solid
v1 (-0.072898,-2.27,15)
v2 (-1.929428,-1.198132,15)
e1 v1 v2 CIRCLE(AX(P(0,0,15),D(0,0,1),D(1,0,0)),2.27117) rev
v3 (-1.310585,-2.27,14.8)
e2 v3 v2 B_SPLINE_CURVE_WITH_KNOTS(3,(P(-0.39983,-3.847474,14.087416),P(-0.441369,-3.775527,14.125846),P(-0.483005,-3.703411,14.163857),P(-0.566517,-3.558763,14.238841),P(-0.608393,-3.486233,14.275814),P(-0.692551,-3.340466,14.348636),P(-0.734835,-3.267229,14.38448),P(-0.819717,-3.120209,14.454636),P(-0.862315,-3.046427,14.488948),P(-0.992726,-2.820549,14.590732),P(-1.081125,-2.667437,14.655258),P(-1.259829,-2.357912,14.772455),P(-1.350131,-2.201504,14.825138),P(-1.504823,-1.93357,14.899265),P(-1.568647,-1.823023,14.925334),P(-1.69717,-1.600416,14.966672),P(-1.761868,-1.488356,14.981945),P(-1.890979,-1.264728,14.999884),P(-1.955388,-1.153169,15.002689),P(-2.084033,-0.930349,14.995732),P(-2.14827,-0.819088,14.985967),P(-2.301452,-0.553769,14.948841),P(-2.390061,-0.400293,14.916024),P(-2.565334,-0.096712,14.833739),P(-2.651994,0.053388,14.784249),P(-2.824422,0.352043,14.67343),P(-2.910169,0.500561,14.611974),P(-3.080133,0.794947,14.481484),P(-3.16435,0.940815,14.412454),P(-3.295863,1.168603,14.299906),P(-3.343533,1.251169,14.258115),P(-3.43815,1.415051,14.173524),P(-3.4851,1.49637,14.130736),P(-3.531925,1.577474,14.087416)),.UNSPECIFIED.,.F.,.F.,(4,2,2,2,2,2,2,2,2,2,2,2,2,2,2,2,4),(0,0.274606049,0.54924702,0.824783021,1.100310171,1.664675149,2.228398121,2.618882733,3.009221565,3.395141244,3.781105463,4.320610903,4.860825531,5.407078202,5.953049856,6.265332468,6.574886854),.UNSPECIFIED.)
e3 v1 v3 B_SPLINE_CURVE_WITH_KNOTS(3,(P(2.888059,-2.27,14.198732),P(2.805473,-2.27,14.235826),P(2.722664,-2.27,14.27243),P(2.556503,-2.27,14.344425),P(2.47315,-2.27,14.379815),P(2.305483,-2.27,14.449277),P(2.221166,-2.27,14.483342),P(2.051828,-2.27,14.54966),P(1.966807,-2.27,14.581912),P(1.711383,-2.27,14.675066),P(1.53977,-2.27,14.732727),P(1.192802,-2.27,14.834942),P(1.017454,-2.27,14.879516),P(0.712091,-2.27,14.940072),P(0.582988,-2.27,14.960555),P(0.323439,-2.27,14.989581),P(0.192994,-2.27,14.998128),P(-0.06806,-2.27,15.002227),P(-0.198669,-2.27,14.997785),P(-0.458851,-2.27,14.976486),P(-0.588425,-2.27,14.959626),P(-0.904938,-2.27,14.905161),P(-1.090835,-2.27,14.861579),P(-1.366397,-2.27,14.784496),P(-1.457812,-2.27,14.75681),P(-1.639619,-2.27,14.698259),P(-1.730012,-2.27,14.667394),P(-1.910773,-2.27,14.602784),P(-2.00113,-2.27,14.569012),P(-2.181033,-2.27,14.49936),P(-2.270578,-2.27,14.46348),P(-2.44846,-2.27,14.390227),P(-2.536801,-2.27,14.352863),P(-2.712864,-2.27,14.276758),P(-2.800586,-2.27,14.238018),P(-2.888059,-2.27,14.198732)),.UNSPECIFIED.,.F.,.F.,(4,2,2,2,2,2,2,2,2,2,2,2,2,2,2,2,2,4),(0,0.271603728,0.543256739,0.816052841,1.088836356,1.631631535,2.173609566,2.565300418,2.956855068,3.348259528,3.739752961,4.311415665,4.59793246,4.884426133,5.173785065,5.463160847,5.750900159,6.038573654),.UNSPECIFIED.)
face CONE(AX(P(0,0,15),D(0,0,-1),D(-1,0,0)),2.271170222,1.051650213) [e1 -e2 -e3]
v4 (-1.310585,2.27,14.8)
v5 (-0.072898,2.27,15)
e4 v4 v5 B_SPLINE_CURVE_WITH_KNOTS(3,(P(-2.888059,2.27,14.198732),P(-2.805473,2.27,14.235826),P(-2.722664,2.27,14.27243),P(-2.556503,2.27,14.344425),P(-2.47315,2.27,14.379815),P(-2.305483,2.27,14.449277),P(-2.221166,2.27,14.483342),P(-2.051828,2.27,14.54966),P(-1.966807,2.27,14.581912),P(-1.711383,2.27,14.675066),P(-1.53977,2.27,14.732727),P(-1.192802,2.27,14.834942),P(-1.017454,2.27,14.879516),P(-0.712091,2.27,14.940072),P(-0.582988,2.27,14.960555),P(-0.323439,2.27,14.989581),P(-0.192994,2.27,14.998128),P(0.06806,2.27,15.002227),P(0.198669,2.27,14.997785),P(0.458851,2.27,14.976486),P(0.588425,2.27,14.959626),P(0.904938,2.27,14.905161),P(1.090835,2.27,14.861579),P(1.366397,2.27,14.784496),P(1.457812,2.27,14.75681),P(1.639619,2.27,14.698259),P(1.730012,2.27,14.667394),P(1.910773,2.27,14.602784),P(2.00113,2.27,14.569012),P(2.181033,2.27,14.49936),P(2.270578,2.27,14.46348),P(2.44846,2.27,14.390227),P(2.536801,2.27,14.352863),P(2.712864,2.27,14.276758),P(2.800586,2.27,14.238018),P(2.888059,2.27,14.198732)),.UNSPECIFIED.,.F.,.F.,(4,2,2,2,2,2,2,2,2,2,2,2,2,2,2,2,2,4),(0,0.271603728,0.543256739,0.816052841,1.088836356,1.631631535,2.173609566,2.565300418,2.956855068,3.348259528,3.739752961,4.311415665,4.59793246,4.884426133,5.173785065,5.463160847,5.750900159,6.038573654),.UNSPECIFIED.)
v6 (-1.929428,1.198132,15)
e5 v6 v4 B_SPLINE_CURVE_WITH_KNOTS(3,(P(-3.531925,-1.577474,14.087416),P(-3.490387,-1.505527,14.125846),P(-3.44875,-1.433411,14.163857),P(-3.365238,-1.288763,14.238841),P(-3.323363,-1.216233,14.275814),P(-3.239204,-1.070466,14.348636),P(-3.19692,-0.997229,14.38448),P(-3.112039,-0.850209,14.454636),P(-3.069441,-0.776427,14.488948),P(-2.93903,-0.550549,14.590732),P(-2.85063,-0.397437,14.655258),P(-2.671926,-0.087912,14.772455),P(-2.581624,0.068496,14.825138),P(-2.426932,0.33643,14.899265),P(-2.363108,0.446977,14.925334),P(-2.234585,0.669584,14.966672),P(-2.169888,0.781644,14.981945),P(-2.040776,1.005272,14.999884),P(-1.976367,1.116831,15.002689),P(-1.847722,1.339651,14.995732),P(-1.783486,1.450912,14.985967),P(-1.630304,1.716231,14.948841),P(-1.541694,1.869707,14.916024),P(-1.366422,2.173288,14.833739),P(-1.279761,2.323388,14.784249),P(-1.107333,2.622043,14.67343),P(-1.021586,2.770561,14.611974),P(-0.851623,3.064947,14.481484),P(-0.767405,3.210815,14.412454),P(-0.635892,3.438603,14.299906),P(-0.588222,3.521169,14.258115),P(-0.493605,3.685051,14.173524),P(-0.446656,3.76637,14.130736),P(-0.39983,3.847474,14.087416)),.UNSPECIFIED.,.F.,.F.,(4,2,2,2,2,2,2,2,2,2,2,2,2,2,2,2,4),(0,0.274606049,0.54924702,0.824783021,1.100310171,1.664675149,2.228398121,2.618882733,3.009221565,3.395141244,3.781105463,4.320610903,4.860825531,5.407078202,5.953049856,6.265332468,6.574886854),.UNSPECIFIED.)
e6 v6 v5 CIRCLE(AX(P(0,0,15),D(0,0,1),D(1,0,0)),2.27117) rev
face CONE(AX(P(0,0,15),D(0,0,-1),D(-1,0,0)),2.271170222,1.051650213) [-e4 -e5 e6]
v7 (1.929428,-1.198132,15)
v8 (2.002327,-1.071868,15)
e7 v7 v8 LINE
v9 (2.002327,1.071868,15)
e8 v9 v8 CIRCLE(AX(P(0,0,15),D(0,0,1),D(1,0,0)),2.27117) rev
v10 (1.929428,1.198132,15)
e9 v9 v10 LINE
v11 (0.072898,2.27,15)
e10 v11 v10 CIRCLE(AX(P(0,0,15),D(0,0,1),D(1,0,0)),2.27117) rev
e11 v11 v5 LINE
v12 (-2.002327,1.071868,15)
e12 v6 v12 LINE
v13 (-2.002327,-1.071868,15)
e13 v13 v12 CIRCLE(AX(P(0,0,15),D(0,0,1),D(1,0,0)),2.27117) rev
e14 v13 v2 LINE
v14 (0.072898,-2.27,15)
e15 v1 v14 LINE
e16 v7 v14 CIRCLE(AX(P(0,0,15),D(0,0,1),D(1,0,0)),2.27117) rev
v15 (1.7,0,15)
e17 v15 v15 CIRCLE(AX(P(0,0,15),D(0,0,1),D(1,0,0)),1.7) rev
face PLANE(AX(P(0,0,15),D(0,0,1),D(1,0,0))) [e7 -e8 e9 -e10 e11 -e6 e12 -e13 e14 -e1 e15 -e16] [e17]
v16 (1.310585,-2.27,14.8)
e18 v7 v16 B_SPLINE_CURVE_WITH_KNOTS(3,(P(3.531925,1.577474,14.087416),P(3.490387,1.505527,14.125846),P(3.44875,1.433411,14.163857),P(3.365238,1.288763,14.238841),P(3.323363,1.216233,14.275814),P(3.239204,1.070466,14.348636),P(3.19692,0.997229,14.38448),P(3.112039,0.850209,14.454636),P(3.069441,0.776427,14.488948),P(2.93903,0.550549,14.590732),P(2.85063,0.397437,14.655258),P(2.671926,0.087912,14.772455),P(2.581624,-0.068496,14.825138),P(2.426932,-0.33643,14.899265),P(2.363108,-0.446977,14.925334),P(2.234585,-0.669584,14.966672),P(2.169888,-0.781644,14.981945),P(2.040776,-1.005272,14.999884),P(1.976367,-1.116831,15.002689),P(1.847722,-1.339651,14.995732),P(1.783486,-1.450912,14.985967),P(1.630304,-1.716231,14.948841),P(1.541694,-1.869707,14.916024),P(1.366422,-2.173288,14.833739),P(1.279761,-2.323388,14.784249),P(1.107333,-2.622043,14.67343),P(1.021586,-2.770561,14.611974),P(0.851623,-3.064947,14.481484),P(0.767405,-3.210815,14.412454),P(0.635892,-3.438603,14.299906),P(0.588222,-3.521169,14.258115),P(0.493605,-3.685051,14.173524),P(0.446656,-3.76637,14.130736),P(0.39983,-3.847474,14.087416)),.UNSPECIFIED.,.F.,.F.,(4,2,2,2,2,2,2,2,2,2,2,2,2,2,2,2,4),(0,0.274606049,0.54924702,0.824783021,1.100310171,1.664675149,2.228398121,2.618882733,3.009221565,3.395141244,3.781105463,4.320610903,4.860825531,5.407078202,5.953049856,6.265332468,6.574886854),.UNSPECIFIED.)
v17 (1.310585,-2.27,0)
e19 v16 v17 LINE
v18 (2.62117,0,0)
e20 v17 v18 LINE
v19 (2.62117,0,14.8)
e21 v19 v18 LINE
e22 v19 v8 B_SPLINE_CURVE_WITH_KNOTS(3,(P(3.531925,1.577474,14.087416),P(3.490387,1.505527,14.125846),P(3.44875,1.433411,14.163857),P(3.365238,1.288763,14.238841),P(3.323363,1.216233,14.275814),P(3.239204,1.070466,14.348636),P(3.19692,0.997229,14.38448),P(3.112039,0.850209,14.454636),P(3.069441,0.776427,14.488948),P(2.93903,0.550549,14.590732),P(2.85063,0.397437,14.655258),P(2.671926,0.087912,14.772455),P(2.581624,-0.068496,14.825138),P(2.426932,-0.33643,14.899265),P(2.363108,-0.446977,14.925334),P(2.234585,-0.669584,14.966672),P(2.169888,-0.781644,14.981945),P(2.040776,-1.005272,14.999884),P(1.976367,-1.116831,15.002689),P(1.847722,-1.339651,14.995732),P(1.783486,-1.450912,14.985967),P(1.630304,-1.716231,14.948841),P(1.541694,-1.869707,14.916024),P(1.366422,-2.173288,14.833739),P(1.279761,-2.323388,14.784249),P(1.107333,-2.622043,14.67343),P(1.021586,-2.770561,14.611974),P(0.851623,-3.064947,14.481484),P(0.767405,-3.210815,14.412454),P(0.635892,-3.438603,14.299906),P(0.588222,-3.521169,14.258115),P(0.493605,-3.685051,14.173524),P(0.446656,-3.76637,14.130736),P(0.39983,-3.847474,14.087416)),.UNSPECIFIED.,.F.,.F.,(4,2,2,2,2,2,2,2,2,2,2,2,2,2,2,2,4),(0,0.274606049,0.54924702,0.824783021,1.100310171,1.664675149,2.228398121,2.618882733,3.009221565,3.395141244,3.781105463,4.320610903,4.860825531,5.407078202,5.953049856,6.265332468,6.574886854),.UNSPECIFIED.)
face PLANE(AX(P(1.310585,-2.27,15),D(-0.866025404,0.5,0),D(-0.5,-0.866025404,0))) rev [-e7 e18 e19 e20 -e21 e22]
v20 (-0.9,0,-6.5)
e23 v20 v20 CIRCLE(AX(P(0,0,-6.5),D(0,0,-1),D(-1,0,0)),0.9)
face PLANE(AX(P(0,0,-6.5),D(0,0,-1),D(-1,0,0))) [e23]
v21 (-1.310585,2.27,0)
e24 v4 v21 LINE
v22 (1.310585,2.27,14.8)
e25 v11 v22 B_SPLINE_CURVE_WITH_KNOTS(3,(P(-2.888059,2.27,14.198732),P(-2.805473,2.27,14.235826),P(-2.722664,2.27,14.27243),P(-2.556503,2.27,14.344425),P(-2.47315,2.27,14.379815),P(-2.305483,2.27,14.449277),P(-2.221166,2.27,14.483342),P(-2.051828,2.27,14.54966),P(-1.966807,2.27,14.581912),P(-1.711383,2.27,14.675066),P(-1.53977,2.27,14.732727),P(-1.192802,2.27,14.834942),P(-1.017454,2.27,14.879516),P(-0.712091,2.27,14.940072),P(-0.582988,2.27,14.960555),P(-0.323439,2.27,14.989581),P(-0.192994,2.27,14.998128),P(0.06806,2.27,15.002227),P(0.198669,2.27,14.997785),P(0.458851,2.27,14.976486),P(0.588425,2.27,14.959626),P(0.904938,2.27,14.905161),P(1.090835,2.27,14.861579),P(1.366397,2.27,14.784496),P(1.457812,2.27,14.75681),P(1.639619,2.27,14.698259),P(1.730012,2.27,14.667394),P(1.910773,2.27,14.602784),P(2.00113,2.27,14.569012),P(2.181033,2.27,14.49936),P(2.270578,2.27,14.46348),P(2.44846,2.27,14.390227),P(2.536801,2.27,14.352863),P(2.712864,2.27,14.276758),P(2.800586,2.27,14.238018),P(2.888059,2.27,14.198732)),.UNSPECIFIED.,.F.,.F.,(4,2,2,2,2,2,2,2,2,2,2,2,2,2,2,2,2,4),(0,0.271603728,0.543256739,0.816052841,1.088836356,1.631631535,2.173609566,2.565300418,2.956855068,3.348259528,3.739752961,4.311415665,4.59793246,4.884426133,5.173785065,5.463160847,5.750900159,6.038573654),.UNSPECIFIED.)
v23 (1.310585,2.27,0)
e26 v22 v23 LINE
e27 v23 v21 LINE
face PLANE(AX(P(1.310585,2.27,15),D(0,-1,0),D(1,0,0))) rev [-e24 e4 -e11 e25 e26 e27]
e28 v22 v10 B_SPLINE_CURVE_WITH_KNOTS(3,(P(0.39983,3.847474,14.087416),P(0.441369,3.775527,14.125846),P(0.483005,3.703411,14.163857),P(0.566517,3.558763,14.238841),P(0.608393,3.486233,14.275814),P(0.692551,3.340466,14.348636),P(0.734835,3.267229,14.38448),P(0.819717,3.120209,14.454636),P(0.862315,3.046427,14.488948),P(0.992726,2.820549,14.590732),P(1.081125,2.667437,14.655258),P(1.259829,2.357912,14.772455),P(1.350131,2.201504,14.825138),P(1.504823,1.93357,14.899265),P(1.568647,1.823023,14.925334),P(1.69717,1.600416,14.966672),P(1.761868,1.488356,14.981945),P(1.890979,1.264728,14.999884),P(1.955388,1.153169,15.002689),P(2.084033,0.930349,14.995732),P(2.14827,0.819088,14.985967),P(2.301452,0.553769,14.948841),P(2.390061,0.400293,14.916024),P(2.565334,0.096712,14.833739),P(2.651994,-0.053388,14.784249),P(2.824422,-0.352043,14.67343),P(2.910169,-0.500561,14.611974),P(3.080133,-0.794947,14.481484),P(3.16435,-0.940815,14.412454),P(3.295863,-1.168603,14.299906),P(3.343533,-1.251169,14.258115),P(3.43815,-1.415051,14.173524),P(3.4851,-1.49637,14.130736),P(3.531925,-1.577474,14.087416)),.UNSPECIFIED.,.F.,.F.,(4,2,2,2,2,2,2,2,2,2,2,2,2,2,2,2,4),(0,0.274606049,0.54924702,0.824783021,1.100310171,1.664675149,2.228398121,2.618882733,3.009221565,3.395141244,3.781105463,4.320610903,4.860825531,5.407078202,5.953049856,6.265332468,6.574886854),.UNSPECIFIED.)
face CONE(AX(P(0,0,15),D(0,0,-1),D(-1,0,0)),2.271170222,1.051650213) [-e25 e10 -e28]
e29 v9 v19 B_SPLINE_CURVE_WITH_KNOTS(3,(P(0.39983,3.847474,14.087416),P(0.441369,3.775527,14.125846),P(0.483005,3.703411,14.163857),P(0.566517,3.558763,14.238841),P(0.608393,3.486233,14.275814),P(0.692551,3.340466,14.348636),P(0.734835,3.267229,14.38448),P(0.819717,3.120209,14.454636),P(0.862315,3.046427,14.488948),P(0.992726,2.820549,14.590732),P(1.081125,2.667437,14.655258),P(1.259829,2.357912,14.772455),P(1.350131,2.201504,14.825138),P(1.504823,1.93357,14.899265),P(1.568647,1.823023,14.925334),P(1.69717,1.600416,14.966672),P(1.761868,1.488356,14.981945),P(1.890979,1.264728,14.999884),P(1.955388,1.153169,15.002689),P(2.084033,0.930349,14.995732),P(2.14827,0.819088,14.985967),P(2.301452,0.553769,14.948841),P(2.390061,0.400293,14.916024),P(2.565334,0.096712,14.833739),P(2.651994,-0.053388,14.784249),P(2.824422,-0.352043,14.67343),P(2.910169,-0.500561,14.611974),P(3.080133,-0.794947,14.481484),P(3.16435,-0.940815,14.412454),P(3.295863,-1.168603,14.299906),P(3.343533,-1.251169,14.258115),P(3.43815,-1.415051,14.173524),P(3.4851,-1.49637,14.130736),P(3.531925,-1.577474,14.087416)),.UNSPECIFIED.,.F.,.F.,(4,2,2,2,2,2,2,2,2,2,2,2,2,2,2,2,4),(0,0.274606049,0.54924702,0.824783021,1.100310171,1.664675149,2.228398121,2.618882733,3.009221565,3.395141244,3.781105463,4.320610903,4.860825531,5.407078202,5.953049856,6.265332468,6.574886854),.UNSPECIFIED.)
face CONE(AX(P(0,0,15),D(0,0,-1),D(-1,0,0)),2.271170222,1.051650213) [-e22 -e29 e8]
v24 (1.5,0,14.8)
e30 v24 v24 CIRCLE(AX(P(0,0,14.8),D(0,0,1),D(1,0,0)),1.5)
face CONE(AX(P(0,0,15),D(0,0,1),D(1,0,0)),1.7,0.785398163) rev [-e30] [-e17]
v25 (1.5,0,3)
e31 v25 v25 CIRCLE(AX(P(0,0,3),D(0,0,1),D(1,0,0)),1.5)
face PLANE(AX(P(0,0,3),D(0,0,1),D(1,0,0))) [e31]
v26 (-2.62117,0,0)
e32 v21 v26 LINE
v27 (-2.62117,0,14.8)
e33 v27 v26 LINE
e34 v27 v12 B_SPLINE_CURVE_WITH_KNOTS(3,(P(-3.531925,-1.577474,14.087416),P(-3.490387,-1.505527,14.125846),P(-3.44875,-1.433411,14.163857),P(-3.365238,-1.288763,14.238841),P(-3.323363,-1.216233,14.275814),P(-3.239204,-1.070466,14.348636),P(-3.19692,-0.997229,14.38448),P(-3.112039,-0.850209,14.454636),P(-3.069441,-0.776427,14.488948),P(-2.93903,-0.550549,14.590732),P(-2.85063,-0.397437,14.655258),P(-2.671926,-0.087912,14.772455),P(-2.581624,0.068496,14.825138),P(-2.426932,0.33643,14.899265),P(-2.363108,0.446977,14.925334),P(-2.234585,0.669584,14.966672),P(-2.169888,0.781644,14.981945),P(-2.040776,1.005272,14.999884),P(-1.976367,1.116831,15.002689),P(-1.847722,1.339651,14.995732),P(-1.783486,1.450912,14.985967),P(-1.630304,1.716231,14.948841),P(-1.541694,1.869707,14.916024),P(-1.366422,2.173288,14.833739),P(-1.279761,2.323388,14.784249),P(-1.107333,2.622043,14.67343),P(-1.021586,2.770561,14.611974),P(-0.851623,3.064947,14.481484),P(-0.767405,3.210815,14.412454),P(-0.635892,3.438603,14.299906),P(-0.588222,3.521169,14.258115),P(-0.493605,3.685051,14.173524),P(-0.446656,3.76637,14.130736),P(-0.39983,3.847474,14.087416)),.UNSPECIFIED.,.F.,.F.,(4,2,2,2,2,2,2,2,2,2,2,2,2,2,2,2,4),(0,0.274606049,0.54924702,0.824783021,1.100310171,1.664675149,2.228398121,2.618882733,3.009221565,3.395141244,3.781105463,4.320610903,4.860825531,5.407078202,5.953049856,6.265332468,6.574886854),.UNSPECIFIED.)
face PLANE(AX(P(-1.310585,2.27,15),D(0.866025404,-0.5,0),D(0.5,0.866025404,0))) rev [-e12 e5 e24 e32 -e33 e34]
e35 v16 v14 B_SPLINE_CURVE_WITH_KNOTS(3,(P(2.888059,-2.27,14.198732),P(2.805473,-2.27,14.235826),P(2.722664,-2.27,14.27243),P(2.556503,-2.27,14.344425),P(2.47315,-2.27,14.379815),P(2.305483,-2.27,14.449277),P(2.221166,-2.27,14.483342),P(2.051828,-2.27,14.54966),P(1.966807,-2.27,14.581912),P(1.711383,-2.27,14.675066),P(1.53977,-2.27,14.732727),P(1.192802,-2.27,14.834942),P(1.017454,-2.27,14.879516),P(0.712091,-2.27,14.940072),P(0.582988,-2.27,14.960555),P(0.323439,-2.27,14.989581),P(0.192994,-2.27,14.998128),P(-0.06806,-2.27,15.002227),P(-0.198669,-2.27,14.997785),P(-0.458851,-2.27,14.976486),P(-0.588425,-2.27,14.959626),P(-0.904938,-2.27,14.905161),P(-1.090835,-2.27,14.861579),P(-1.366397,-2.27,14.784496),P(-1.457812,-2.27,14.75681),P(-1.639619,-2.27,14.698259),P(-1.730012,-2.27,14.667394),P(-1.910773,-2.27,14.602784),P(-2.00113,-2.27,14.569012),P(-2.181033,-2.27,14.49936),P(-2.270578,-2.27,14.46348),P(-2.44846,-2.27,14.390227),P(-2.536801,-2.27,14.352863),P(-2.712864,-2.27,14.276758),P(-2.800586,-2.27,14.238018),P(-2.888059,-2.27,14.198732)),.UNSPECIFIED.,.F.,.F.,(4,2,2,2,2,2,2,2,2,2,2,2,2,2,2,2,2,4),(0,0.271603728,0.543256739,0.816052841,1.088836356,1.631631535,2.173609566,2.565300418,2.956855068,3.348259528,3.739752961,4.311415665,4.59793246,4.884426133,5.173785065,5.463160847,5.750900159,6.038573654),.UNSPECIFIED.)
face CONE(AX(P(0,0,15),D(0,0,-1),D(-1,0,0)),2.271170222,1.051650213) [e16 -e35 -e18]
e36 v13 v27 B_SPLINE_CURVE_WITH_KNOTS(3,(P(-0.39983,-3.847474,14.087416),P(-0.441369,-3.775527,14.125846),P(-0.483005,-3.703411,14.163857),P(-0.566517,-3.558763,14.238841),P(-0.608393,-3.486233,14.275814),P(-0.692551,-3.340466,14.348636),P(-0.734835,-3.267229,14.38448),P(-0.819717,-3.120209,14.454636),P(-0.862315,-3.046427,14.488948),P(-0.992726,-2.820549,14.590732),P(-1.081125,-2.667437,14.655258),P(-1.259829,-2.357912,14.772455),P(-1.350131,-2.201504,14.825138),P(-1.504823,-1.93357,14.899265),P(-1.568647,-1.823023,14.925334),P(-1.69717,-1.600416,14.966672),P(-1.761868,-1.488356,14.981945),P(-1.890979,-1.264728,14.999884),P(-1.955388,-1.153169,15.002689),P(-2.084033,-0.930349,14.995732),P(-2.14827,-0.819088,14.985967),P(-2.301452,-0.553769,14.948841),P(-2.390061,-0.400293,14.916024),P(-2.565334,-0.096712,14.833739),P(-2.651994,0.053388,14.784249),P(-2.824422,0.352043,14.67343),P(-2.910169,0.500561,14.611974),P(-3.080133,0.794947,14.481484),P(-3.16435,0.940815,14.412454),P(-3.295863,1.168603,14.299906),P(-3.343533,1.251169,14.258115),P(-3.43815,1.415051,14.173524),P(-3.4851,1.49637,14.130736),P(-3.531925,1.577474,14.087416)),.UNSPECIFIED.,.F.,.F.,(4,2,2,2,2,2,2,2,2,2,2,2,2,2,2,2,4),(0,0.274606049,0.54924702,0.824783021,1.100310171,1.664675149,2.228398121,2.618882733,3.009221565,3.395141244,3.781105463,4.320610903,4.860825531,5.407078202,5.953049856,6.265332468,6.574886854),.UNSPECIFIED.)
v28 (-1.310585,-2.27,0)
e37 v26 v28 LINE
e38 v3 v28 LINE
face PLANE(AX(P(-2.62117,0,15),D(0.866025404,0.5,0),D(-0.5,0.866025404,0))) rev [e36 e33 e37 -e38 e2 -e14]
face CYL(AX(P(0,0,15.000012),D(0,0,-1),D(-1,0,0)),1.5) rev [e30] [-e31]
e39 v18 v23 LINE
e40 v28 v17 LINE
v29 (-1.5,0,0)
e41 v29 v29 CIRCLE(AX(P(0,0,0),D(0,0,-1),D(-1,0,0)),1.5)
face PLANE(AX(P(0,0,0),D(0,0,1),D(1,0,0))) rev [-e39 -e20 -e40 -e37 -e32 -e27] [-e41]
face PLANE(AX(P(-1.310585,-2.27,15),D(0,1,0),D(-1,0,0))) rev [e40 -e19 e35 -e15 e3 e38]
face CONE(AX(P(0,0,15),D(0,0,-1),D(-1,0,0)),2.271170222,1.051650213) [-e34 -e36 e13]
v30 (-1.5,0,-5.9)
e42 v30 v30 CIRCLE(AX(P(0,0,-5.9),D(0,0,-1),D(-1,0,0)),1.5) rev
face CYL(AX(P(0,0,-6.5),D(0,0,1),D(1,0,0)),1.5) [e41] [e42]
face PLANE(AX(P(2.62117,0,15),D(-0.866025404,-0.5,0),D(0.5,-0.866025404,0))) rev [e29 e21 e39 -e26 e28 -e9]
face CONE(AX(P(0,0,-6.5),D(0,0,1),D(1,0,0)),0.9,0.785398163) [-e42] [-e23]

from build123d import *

# Parameters (mm, degrees)
BOSS_EXTRUDE1_DEPTH     = 15
SKETCH2_R               = 1.5
CUT_EXTRUDE1_DEPTH      = 1
CUT_EXTRUDE1_DEPTH_BACK = 12
CHAMFER1_SIZE           = 0.2
SKETCH4_R               = 1.5
BOSS_EXTRUDE2_DEPTH     = 6.5
CHAMFER2_SIZE           = 0.6


with BuildPart() as part:
    # Sketch1 → Boss-Extrude1 (new body)
    with BuildSketch(Plane.XY):
        Polygon((2.621170222, 0), (1.310585111, 2.27), (-1.310585111, 2.27), (-2.621170222, 0), (-1.310585111, -2.27), (1.310585111, -2.27), align=None)
    extrude(amount=BOSS_EXTRUDE1_DEPTH)

    # Sketch2 → Cut-Extrude1 (cut, two sides)
    with BuildSketch(Plane.XY.offset(15)) as cut_extrude1_sk:
        Circle(SKETCH2_R)
    extrude(amount=CUT_EXTRUDE1_DEPTH, mode=Mode.SUBTRACT)
    extrude(cut_extrude1_sk.sketch, amount=-CUT_EXTRUDE1_DEPTH_BACK, mode=Mode.SUBTRACT)

    # Sketch3 → Cut-Revolve1 (revolve, cut)
    with BuildSketch(Plane(origin=(0, 0, 0), x_dir=(1, 0, 0), z_dir=(0, 1, 0))):
        Polygon((-2.621170222, -15), (-2.271170222, -15), (-2.621170222, -14.8), align=None)
    revolve(axis=Axis((0, 0, 3), (0, 0, 1)), mode=Mode.SUBTRACT)

    # Chamfer1
    chamfer1_edges = [part.edges().sort_by_distance(p)[0] for p in [
        (-1.5, 0, 15),
    ]]
    chamfer(chamfer1_edges, length=CHAMFER1_SIZE)

    # Sketch4 → Boss-Extrude2 (add)
    with BuildSketch(Plane(origin=(0, 0, 0), x_dir=(-1, 0, 0), z_dir=(0, 0, -1))):
        Circle(SKETCH4_R)
    extrude(amount=BOSS_EXTRUDE2_DEPTH)

    # Chamfer2
    chamfer2_edges = [part.edges().sort_by_distance(p)[0] for p in [
        (1.5, 0, -6.5),
    ]]
    chamfer(chamfer2_edges, length=CHAMFER2_SIZE)


solid = part.part
